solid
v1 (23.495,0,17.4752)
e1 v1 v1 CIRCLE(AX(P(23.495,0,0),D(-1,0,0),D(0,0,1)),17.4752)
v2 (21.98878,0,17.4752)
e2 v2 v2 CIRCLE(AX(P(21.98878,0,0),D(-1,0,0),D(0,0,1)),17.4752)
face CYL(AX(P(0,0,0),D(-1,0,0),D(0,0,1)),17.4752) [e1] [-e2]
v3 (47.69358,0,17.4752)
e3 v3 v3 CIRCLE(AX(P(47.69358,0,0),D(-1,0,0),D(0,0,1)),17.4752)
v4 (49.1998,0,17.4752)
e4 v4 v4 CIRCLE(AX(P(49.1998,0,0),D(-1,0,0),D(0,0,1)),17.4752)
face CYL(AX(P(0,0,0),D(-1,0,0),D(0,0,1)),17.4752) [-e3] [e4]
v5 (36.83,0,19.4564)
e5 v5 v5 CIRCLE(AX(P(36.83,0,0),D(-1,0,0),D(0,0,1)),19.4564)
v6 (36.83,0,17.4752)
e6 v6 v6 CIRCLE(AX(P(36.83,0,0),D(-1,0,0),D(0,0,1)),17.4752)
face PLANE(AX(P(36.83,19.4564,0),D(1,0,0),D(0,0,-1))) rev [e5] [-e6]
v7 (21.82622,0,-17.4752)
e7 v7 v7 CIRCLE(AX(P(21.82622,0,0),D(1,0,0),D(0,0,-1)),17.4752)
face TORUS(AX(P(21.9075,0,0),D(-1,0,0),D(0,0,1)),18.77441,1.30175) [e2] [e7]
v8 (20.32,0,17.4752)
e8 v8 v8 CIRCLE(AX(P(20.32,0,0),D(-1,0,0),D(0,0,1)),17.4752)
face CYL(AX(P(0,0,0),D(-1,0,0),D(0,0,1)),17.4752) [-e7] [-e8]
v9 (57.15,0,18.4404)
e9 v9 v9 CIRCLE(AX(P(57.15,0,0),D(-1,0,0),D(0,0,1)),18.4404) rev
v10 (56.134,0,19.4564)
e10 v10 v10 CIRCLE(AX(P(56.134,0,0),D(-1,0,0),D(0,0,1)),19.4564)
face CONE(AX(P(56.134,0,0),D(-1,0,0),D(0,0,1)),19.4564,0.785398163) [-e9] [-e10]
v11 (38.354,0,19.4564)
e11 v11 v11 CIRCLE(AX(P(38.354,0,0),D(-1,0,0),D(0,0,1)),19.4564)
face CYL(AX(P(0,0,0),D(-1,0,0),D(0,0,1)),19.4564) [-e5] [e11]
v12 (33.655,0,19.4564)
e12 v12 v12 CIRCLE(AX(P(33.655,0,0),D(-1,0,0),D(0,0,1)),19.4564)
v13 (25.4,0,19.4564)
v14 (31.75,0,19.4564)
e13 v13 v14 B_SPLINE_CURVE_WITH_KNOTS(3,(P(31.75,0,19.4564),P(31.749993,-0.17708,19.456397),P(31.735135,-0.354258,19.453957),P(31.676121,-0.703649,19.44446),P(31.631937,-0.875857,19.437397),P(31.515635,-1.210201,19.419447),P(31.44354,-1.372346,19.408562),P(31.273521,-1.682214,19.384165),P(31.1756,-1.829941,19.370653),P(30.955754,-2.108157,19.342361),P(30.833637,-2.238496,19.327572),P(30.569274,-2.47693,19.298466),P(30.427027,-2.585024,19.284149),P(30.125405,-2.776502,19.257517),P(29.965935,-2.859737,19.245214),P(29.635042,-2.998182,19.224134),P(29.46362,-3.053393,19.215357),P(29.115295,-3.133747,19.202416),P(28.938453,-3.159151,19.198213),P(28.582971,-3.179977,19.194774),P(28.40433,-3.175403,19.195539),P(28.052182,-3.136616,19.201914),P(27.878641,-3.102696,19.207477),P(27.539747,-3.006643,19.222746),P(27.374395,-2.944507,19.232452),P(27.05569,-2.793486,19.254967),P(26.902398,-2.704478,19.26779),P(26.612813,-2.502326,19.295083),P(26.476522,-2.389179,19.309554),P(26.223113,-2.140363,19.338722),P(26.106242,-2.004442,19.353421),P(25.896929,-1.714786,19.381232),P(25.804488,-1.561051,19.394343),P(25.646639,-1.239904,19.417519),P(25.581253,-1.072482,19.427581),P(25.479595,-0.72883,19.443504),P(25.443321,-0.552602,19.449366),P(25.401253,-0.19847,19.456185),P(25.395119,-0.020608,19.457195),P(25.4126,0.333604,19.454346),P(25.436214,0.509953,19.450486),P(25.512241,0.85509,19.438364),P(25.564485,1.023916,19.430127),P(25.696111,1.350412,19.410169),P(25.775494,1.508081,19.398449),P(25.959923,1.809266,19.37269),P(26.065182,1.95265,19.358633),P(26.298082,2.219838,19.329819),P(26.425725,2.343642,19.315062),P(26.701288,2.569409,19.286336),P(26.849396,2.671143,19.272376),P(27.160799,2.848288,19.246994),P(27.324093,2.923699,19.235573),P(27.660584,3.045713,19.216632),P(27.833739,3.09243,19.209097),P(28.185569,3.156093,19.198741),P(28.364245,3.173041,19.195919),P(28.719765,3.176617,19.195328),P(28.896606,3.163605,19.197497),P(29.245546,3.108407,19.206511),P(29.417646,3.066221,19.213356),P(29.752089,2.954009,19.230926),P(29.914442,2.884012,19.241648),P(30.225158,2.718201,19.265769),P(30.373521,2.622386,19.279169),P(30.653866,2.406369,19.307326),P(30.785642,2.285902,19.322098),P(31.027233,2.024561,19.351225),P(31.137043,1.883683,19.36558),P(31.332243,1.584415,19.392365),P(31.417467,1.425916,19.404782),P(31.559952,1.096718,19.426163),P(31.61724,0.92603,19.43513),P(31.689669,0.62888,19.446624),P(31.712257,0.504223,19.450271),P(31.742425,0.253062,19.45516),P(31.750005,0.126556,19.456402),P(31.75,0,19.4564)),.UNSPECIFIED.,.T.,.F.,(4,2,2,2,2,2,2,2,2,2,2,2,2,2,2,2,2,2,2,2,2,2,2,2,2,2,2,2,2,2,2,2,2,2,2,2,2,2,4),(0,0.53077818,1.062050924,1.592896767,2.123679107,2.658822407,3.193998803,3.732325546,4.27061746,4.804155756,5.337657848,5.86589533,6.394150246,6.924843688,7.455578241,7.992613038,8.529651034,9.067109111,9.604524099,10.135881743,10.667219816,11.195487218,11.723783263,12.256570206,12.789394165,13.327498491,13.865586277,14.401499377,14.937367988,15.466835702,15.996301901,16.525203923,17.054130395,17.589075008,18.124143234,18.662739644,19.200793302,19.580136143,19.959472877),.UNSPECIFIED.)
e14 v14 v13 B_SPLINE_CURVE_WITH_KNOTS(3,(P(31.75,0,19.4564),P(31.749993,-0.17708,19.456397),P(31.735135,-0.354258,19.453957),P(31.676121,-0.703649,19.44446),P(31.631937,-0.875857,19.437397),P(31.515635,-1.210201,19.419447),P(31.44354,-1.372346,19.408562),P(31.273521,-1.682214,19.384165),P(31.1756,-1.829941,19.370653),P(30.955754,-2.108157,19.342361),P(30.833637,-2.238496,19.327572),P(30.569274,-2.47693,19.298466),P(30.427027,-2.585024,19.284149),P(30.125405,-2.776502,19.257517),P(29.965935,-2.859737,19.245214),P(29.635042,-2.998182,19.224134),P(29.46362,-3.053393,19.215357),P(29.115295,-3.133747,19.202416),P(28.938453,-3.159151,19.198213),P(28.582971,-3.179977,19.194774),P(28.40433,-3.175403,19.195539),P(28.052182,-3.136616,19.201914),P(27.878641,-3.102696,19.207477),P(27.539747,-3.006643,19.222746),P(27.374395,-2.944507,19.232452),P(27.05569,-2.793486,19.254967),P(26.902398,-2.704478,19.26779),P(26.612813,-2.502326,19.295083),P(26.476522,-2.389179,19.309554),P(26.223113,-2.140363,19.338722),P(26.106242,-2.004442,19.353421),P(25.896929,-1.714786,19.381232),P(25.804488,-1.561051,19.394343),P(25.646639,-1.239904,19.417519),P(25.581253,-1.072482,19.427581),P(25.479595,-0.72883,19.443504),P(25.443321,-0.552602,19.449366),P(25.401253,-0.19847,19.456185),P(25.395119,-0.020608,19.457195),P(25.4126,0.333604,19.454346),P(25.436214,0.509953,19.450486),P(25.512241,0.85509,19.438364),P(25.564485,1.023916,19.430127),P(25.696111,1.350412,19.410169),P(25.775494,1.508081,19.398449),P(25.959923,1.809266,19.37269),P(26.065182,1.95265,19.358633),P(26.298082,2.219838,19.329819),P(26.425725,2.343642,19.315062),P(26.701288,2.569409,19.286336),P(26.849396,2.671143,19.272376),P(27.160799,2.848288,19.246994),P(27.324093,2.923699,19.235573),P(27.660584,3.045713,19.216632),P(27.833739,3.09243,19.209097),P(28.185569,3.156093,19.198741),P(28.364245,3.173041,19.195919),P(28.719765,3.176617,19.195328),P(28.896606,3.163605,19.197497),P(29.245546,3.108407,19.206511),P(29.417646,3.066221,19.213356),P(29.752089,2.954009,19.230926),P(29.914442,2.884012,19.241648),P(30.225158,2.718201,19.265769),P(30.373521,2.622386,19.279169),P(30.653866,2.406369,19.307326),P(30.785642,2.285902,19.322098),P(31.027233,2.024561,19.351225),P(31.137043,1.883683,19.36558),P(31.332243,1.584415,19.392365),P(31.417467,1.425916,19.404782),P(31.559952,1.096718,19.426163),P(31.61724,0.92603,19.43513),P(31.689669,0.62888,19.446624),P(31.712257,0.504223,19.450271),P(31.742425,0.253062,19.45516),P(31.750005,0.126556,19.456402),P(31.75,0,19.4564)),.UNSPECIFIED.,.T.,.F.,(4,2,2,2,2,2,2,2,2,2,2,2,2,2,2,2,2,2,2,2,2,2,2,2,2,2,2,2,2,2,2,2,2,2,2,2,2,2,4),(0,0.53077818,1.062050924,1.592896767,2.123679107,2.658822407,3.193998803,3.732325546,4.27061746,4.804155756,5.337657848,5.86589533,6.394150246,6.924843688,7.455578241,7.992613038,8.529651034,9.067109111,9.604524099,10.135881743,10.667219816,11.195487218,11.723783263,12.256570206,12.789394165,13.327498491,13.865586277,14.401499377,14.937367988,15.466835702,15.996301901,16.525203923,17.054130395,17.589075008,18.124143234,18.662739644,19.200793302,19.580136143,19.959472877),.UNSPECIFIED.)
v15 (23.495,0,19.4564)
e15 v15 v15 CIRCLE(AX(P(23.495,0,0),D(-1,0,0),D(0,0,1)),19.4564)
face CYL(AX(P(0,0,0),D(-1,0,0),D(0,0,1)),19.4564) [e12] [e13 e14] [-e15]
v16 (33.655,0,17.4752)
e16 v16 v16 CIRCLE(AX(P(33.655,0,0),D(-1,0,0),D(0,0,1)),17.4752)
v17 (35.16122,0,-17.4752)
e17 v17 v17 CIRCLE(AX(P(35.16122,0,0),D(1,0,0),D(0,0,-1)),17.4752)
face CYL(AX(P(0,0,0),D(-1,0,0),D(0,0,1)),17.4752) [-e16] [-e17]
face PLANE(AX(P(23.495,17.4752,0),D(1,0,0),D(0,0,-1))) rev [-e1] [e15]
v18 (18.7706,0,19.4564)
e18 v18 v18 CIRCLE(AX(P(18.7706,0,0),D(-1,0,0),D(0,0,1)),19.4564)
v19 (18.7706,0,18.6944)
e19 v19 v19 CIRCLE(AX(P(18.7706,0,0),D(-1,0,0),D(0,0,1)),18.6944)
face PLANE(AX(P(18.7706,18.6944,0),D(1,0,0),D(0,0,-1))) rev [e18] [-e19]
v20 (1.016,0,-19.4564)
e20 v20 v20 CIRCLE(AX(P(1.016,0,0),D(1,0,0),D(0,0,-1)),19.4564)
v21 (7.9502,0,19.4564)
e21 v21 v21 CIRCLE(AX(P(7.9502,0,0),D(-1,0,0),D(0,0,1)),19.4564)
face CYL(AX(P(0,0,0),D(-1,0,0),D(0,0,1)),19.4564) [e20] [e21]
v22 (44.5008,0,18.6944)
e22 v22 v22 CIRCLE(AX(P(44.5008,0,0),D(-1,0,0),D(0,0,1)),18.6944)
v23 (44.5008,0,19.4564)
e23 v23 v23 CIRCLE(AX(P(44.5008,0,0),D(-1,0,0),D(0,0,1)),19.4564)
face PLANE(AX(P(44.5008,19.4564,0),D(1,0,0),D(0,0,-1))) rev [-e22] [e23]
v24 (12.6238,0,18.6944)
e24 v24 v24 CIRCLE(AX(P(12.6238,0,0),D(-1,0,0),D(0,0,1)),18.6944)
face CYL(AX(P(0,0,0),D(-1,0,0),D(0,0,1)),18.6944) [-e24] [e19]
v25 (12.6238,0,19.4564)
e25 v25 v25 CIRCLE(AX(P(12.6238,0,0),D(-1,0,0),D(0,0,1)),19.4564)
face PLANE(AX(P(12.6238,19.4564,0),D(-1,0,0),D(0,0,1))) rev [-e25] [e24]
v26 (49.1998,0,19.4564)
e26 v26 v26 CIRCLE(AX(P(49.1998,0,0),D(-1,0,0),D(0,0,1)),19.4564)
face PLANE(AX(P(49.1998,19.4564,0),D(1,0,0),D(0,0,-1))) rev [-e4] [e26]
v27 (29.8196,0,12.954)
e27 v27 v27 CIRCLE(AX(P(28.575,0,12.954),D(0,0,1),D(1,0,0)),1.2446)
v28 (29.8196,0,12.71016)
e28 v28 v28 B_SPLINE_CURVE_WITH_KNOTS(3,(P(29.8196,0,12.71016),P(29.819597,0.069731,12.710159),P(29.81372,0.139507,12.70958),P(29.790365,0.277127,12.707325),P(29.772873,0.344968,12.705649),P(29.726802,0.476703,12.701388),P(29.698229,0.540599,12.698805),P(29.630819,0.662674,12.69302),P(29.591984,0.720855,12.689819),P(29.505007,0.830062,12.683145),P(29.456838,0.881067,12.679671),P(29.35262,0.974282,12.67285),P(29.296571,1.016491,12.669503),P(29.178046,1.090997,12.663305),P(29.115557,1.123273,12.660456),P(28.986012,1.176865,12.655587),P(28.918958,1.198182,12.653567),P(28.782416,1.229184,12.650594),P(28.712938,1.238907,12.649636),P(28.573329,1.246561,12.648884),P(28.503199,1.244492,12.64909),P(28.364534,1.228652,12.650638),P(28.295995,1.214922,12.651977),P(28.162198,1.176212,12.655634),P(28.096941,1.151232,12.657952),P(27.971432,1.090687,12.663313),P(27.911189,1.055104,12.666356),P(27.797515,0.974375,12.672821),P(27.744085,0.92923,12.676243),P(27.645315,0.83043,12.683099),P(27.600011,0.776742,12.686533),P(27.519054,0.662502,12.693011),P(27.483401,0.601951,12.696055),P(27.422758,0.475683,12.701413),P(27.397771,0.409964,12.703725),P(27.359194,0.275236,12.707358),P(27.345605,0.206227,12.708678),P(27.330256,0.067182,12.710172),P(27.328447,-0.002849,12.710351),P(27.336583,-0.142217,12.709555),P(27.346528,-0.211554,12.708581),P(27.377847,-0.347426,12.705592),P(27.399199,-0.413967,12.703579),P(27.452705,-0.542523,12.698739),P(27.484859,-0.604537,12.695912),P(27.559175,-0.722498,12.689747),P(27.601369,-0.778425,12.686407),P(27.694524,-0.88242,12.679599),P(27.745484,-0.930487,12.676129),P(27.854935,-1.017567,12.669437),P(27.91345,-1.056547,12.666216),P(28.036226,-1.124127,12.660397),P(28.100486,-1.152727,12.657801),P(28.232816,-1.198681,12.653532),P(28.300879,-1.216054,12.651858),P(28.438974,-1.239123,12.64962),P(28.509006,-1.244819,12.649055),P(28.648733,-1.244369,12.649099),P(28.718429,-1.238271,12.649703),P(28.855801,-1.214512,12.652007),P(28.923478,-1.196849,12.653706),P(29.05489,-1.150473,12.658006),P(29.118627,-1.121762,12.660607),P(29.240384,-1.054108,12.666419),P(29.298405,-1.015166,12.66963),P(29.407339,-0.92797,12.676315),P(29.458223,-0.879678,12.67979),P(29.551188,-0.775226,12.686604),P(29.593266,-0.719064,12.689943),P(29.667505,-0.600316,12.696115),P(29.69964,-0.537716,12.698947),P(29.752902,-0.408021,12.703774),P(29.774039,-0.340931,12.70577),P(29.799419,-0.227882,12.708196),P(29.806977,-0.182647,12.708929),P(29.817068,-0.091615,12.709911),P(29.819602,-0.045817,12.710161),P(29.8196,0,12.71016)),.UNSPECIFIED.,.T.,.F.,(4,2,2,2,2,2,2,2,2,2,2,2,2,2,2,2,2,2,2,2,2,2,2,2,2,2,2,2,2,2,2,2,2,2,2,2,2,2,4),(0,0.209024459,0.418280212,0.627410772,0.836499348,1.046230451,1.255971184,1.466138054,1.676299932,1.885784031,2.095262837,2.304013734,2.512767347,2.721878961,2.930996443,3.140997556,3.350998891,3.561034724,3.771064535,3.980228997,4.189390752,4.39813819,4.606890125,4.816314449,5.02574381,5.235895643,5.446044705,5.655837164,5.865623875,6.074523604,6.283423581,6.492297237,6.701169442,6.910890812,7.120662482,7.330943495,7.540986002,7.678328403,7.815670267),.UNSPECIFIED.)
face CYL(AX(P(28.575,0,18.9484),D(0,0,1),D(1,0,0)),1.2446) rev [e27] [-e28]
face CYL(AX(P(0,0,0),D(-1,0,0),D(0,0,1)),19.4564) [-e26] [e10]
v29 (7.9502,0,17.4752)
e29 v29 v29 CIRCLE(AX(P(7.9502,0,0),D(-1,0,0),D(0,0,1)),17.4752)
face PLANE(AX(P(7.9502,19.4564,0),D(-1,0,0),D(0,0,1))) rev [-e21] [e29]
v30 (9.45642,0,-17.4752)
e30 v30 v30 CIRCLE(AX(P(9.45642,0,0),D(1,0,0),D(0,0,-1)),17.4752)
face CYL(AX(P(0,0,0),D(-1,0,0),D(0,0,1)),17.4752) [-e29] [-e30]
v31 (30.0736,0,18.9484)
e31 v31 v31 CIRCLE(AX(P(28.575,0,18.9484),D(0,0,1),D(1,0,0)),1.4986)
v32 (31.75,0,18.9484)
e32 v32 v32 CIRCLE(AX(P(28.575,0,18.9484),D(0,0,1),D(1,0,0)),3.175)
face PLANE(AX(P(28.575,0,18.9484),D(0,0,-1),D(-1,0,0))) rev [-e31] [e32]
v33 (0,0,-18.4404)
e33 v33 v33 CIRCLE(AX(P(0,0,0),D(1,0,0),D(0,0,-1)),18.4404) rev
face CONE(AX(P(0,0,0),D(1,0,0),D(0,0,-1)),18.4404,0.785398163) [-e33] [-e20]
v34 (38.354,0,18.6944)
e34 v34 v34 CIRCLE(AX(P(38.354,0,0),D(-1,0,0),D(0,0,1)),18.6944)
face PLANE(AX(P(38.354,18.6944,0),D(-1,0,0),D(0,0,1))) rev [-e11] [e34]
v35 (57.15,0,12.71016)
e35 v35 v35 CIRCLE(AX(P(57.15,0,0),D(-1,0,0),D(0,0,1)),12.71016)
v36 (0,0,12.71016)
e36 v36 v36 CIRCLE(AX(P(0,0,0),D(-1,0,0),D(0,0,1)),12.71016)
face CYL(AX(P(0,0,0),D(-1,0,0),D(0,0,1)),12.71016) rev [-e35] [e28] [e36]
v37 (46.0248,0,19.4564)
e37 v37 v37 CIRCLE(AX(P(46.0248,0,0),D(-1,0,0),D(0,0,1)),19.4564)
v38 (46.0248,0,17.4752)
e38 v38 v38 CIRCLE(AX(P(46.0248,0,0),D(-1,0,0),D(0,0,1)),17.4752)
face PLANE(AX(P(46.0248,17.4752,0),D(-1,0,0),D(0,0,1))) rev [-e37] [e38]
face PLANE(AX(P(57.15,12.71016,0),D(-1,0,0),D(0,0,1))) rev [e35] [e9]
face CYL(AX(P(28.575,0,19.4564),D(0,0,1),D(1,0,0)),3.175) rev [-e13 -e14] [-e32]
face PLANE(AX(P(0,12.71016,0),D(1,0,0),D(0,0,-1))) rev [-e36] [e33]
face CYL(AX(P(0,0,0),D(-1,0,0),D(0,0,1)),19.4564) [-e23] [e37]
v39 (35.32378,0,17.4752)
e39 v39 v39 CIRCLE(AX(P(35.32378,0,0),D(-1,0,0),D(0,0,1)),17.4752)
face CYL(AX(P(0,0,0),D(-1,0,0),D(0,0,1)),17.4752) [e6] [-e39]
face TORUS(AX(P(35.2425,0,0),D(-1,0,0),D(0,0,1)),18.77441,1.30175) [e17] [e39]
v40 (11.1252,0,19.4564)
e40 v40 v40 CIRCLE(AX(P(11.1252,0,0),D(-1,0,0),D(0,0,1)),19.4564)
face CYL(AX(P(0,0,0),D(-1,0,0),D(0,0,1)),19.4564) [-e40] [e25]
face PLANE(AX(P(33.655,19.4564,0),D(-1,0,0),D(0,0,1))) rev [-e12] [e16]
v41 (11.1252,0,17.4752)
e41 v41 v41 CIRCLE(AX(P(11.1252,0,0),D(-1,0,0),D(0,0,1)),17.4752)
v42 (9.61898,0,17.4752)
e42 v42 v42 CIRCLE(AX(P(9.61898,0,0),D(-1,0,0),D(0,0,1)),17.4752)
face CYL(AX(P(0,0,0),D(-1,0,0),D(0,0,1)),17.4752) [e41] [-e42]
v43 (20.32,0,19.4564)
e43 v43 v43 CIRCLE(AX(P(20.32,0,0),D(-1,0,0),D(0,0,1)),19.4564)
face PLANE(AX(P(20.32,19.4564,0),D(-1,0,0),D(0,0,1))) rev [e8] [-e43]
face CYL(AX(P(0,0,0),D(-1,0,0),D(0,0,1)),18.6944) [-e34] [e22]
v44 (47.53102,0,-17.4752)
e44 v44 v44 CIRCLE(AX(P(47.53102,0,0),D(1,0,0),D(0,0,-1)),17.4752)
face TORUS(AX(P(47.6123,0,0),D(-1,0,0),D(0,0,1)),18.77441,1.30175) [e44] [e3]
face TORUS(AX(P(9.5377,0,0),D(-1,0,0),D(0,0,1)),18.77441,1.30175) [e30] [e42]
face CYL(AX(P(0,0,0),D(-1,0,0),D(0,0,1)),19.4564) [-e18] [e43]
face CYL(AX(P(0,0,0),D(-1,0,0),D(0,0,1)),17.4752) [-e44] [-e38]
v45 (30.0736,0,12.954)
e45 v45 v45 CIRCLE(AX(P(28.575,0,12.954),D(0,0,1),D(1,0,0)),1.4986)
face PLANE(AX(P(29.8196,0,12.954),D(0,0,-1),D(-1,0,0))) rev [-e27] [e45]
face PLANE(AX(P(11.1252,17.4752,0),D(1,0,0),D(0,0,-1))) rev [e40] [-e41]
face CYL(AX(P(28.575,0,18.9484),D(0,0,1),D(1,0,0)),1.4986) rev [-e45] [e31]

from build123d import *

# Parameters (mm, degrees)
CHAMFER1_SIZE                   = 1.016
F_1_4_0_25_DIAMETER_HOLE1_D     = 6.35
F_1_4_0_25_DIAMETER_HOLE1_DEPTH = 0.508
AIR_HOLE_D                      = 2.4892
AIR_HOLE_DEPTH                  = 6.35
AIR_HOLE_CBORE_D                = 2.9972
AIR_HOLE_CBORE_DEPTH            = 5.9944
AIR_HOLE_TIP                    = 0.747831126
SKETCH5_R                       = 1.30175


with BuildPart() as part:
    # Sketch1 → Revolve1 (revolve)
    with BuildSketch(Plane.XY, mode=Mode.PRIVATE) as revolve1_sk:
        Polygon((0, 12.71016), (57.15, 12.71016), (57.15, 19.4564), (49.1998, 19.4564), (49.1998, 17.4752), (46.0248, 17.4752), (46.0248, 19.4564), (44.5008, 19.4564), (44.5008, 18.6944), (38.354, 18.6944), (38.354, 19.4564), (36.83, 19.4564), (36.83, 17.4752), (33.655, 17.4752), (33.655, 19.4564), (23.495, 19.4564), (23.495, 17.4752), (20.32, 17.4752), (20.32, 19.4564), (18.7706, 19.4564), (18.7706, 18.6944), (12.6238, 18.6944), (12.6238, 19.4564), (11.1252, 19.4564), (11.1252, 17.4752), (7.9502, 17.4752), (7.9502, 19.4564), (0, 19.4564), align=None)
    revolve(revolve1_sk.sketch.rotate(Axis((0, 0, 0), (1, 0, 0)), 90), axis=Axis((0, 0, 0), (1, 0, 0)))  # turned: the seam where the file's is

    # Chamfer1
    chamfer1_edges = [part.edges().sort_by_distance(p)[0] for p in [
        (57.15, 0, -19.4564),
        (0, 0, -19.4564),
    ]]
    chamfer(chamfer1_edges, length=CHAMFER1_SIZE)

    # 1/4 (0.25) Diameter Hole1
    with Locations(Plane(origin=(28.575, 0, 19.4564), x_dir=(1, 0, 0), z_dir=(0, 0, 1))):
        with Locations((0, 0)):
            Hole(F_1_4_0_25_DIAMETER_HOLE1_D / 2, depth=F_1_4_0_25_DIAMETER_HOLE1_DEPTH)

    # Air Hole
    with Locations(Plane.XY.offset(18.9484)):
        with Locations((28.575, 0)):
            CounterBoreHole(AIR_HOLE_D / 2, AIR_HOLE_CBORE_D / 2, AIR_HOLE_CBORE_DEPTH, depth=AIR_HOLE_DEPTH)
            with Locations((0, 0, -(AIR_HOLE_DEPTH + AIR_HOLE_TIP / 2))):  # 118° drill point
                Cone(0, AIR_HOLE_D / 2, AIR_HOLE_TIP, mode=Mode.SUBTRACT)

    # Sketch5 → Revolve2 (revolve)
    with BuildSketch(Plane.XY, mode=Mode.PRIVATE) as revolve2_sk:
        with Locations((9.5377, 18.77441)):
            Circle(SKETCH5_R)
        with Locations((21.9075, 18.77441)):
            Circle(SKETCH5_R)
        with Locations((35.2425, 18.77441)):
            Circle(SKETCH5_R)
        with Locations((47.6123, 18.77441)):
            Circle(SKETCH5_R)
    revolve(revolve2_sk.sketch.rotate(Axis((0, 0, 0), (1, 0, 0)), 90), axis=Axis((0, 0, 0), (1, 0, 0)))  # turned: the seam where the file's is


solid = part.part
